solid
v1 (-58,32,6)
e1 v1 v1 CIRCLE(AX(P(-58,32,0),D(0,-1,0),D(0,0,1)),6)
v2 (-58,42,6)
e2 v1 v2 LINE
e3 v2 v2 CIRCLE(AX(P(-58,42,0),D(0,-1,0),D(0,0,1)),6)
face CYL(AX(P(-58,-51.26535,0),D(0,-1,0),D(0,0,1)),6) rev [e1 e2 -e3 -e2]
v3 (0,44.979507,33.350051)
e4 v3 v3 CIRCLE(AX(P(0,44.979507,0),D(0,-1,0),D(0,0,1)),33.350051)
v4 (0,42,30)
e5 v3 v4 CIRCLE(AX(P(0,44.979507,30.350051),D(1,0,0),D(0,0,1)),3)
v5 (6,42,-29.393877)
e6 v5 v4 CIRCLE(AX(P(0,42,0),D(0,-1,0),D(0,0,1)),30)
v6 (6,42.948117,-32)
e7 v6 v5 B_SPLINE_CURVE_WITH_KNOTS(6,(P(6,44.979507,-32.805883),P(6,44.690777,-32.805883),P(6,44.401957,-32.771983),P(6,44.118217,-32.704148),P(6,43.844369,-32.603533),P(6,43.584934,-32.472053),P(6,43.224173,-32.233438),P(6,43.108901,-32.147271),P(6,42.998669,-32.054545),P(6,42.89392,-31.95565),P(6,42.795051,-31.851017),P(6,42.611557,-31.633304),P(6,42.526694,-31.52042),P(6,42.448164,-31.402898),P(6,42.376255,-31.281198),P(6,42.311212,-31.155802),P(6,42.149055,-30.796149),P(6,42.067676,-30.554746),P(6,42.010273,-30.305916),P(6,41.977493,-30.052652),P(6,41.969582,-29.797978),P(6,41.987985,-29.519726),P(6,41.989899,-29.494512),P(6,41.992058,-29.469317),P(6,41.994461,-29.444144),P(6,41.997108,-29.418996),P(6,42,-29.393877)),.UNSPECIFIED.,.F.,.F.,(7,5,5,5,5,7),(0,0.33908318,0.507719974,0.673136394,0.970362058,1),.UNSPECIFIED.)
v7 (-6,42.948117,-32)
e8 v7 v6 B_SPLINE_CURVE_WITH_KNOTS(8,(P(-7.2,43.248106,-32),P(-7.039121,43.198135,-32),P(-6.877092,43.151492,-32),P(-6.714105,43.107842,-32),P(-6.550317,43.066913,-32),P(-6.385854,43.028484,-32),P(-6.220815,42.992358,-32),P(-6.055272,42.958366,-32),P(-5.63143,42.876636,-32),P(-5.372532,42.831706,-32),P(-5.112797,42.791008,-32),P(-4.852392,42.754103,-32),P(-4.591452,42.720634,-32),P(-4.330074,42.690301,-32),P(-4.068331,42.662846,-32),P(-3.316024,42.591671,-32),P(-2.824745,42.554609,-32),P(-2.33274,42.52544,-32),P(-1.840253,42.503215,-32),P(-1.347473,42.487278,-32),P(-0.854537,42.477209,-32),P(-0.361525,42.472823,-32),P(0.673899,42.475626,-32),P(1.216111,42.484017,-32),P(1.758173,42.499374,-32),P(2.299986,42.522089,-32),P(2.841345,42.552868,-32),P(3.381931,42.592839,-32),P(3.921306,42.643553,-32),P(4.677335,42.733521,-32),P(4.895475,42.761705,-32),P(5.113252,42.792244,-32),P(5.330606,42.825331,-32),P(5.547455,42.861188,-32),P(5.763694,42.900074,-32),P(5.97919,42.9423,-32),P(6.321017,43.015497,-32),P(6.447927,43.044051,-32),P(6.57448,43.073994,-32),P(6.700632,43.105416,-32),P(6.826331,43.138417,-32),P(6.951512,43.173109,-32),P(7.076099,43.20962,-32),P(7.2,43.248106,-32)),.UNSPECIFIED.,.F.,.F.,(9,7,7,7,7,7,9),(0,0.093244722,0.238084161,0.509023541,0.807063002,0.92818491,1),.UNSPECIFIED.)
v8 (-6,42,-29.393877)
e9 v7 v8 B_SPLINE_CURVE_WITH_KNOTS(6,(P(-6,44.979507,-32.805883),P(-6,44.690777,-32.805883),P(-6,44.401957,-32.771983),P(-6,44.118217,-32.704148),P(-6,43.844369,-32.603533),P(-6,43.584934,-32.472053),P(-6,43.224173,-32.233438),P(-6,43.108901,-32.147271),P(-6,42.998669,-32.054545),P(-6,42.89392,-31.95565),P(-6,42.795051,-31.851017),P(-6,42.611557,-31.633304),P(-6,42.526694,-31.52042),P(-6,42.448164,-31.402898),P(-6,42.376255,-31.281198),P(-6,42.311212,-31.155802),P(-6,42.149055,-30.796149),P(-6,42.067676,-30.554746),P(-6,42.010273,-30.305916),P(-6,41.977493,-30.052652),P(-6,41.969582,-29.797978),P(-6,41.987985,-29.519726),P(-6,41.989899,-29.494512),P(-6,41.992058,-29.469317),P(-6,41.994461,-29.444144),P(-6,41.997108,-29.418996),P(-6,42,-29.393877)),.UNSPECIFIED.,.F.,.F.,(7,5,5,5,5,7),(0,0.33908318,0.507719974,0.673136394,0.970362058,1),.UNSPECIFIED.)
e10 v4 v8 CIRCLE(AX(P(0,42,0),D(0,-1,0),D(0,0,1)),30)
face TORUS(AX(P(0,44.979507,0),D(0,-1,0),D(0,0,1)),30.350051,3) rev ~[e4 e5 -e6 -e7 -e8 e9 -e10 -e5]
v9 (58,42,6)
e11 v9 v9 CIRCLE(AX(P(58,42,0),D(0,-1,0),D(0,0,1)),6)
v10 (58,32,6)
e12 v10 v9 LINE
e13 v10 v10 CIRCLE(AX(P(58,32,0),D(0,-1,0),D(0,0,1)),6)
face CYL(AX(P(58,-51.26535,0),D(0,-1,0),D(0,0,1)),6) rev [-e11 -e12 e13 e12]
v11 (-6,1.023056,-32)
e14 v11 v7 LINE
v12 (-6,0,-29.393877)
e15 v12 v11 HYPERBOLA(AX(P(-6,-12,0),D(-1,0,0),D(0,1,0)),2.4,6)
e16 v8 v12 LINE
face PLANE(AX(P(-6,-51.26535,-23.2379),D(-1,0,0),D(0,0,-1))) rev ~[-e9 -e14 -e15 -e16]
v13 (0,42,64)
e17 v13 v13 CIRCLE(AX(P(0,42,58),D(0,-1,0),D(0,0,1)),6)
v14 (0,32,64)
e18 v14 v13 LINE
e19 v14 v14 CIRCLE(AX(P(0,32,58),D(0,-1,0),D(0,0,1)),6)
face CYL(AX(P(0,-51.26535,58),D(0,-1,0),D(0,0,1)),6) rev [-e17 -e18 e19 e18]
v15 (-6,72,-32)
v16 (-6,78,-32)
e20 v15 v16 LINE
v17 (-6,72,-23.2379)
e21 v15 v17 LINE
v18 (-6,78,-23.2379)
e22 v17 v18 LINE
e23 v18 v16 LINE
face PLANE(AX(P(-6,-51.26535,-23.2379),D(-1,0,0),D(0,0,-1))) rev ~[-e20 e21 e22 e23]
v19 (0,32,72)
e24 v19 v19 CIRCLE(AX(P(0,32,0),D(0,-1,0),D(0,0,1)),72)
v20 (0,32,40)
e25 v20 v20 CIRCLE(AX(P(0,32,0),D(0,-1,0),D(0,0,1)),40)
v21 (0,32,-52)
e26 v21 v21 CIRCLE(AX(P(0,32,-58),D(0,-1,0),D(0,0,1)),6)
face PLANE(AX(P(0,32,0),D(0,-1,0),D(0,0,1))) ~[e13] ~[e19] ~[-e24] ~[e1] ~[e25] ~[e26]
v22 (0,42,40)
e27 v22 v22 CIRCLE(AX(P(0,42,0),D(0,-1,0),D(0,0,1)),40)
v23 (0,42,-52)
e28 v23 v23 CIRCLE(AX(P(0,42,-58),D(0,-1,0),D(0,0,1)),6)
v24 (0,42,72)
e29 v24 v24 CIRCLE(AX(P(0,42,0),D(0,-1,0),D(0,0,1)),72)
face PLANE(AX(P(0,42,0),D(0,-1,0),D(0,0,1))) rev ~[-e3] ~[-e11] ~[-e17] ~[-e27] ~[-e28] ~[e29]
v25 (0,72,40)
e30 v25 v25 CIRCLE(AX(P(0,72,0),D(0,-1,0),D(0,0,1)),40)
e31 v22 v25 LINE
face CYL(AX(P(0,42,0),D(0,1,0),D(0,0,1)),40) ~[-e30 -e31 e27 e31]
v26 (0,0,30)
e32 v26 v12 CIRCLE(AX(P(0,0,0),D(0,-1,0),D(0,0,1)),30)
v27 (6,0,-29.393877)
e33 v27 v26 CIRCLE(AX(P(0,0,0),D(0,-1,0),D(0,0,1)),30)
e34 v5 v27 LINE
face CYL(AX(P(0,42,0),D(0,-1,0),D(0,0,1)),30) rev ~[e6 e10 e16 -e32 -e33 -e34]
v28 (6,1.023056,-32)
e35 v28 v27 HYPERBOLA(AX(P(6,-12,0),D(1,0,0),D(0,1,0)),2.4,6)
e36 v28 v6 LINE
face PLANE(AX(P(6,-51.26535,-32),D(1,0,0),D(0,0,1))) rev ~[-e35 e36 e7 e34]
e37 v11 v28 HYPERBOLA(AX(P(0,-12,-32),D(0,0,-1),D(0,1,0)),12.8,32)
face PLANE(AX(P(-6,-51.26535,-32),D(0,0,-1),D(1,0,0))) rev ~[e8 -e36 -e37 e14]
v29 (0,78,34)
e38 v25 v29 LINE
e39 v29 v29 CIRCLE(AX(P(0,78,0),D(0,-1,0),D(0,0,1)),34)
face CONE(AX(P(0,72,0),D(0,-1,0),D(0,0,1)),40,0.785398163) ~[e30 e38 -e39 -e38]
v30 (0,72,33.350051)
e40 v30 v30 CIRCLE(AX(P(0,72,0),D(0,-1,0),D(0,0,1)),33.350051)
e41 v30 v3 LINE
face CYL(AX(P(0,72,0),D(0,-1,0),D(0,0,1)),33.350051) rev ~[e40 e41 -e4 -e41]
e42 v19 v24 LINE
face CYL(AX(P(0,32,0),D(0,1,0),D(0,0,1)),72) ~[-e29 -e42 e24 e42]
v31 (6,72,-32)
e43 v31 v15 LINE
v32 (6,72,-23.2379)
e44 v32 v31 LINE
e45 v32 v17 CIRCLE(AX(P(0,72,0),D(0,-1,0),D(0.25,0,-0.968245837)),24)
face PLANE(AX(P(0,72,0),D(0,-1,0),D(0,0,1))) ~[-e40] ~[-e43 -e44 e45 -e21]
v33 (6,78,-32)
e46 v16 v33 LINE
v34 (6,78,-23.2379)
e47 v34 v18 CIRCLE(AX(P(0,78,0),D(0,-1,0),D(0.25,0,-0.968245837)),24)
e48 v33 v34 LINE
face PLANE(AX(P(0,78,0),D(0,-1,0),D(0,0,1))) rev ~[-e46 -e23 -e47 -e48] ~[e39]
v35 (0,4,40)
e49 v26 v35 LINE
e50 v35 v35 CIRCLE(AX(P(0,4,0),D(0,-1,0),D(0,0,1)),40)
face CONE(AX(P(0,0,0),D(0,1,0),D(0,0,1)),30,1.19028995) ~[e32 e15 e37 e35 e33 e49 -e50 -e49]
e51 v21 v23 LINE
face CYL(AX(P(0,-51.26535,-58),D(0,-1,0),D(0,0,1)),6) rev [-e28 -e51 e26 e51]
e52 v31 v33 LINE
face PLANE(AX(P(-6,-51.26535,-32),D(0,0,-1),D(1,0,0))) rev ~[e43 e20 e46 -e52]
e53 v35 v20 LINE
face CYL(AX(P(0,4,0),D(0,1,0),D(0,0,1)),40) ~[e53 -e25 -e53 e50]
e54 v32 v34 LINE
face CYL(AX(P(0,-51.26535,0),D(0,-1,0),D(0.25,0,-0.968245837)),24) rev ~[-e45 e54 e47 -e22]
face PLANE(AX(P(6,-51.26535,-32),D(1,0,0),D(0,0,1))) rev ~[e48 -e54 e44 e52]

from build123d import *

# Parameters (mm, degrees)
CUT_EXTRUDE1_DEPTH      = 129.265349959
CUT_EXTRUDE1_DEPTH_BACK = 129.265349959
CUT_EXTRUDE2_DEPTH      = 129.265350019
CUT_EXTRUDE2_DEPTH_BACK = 129.265350019
SKETCH3_R               = 6


with BuildPart() as part:
    # Sketch1 → Revolve2 (revolve)
    with BuildSketch(Plane.XY, mode=Mode.PRIVATE) as revolve2_sk:
        with BuildLine():
            Line((30, 0), (40, 4))
            Line((40, 4), (40, 32))
            Line((40, 32), (72, 32))
            Line((72, 32), (72, 42))
            Line((72, 42), (40, 42))
            Line((40, 42), (40, 72))
            Line((40, 72), (34, 78))
            Line((34, 78), (0, 78))
            Line((0, 78), (0, 72))
            Line((0, 72), (33.350051409, 72))
            Line((33.350051409, 72), (33.350051409, 44.979507344))
            ThreePointArc((33.350051409, 44.979507344), (32.343772274, 42.737838966), (30, 42))
            Line((30, 42), (30, 0))
        make_face()
    revolve(revolve2_sk.sketch.rotate(Axis((0, 106.766899484, 0), (0, -1, 0)), 90), axis=Axis((0, 106.766899484, 0), (0, -1, 0)))

    # Sketch2 → Cut-Extrude1 (cut, two sides: drawn at the far end of the back side and taken through both)
    with BuildSketch(Plane(origin=(0, 78, 0), x_dir=(1, 0, 0), z_dir=(0, 1, 0)).offset(-CUT_EXTRUDE1_DEPTH_BACK)):
        with BuildLine():
            Line((-6, 23.237900077), (-6, 32))
            Line((-6, 32), (6, 32))
            Line((6, 32), (6, 23.237900077))
            ThreePointArc((6, 23.237900077), (0, -24), (-6, 23.237900077))
        make_face()
    extrude(amount=CUT_EXTRUDE1_DEPTH + CUT_EXTRUDE1_DEPTH_BACK, mode=Mode.SUBTRACT)

    # Sketch3 → Cut-Extrude2 (cut, two sides: drawn at the far end of the back side and taken through both)
    with BuildSketch(Plane(origin=(0, 78, 0), x_dir=(1, 0, 0), z_dir=(0, 1, 0)).offset(-CUT_EXTRUDE2_DEPTH_BACK)):
        with Locations(Location((0, 58, 0), (0, 0, 270))):
            Circle(SKETCH3_R)
        with Locations(Location((58, 0, 0), (0, 0, 270))):
            Circle(SKETCH3_R)
        with Locations(Location((0, -58, 0), (0, 0, 270))):
            Circle(SKETCH3_R)
        with Locations(Location((-58, 0, 0), (0, 0, 270))):
            Circle(SKETCH3_R)
    extrude(amount=CUT_EXTRUDE2_DEPTH + CUT_EXTRUDE2_DEPTH_BACK, mode=Mode.SUBTRACT)


solid = part.part
